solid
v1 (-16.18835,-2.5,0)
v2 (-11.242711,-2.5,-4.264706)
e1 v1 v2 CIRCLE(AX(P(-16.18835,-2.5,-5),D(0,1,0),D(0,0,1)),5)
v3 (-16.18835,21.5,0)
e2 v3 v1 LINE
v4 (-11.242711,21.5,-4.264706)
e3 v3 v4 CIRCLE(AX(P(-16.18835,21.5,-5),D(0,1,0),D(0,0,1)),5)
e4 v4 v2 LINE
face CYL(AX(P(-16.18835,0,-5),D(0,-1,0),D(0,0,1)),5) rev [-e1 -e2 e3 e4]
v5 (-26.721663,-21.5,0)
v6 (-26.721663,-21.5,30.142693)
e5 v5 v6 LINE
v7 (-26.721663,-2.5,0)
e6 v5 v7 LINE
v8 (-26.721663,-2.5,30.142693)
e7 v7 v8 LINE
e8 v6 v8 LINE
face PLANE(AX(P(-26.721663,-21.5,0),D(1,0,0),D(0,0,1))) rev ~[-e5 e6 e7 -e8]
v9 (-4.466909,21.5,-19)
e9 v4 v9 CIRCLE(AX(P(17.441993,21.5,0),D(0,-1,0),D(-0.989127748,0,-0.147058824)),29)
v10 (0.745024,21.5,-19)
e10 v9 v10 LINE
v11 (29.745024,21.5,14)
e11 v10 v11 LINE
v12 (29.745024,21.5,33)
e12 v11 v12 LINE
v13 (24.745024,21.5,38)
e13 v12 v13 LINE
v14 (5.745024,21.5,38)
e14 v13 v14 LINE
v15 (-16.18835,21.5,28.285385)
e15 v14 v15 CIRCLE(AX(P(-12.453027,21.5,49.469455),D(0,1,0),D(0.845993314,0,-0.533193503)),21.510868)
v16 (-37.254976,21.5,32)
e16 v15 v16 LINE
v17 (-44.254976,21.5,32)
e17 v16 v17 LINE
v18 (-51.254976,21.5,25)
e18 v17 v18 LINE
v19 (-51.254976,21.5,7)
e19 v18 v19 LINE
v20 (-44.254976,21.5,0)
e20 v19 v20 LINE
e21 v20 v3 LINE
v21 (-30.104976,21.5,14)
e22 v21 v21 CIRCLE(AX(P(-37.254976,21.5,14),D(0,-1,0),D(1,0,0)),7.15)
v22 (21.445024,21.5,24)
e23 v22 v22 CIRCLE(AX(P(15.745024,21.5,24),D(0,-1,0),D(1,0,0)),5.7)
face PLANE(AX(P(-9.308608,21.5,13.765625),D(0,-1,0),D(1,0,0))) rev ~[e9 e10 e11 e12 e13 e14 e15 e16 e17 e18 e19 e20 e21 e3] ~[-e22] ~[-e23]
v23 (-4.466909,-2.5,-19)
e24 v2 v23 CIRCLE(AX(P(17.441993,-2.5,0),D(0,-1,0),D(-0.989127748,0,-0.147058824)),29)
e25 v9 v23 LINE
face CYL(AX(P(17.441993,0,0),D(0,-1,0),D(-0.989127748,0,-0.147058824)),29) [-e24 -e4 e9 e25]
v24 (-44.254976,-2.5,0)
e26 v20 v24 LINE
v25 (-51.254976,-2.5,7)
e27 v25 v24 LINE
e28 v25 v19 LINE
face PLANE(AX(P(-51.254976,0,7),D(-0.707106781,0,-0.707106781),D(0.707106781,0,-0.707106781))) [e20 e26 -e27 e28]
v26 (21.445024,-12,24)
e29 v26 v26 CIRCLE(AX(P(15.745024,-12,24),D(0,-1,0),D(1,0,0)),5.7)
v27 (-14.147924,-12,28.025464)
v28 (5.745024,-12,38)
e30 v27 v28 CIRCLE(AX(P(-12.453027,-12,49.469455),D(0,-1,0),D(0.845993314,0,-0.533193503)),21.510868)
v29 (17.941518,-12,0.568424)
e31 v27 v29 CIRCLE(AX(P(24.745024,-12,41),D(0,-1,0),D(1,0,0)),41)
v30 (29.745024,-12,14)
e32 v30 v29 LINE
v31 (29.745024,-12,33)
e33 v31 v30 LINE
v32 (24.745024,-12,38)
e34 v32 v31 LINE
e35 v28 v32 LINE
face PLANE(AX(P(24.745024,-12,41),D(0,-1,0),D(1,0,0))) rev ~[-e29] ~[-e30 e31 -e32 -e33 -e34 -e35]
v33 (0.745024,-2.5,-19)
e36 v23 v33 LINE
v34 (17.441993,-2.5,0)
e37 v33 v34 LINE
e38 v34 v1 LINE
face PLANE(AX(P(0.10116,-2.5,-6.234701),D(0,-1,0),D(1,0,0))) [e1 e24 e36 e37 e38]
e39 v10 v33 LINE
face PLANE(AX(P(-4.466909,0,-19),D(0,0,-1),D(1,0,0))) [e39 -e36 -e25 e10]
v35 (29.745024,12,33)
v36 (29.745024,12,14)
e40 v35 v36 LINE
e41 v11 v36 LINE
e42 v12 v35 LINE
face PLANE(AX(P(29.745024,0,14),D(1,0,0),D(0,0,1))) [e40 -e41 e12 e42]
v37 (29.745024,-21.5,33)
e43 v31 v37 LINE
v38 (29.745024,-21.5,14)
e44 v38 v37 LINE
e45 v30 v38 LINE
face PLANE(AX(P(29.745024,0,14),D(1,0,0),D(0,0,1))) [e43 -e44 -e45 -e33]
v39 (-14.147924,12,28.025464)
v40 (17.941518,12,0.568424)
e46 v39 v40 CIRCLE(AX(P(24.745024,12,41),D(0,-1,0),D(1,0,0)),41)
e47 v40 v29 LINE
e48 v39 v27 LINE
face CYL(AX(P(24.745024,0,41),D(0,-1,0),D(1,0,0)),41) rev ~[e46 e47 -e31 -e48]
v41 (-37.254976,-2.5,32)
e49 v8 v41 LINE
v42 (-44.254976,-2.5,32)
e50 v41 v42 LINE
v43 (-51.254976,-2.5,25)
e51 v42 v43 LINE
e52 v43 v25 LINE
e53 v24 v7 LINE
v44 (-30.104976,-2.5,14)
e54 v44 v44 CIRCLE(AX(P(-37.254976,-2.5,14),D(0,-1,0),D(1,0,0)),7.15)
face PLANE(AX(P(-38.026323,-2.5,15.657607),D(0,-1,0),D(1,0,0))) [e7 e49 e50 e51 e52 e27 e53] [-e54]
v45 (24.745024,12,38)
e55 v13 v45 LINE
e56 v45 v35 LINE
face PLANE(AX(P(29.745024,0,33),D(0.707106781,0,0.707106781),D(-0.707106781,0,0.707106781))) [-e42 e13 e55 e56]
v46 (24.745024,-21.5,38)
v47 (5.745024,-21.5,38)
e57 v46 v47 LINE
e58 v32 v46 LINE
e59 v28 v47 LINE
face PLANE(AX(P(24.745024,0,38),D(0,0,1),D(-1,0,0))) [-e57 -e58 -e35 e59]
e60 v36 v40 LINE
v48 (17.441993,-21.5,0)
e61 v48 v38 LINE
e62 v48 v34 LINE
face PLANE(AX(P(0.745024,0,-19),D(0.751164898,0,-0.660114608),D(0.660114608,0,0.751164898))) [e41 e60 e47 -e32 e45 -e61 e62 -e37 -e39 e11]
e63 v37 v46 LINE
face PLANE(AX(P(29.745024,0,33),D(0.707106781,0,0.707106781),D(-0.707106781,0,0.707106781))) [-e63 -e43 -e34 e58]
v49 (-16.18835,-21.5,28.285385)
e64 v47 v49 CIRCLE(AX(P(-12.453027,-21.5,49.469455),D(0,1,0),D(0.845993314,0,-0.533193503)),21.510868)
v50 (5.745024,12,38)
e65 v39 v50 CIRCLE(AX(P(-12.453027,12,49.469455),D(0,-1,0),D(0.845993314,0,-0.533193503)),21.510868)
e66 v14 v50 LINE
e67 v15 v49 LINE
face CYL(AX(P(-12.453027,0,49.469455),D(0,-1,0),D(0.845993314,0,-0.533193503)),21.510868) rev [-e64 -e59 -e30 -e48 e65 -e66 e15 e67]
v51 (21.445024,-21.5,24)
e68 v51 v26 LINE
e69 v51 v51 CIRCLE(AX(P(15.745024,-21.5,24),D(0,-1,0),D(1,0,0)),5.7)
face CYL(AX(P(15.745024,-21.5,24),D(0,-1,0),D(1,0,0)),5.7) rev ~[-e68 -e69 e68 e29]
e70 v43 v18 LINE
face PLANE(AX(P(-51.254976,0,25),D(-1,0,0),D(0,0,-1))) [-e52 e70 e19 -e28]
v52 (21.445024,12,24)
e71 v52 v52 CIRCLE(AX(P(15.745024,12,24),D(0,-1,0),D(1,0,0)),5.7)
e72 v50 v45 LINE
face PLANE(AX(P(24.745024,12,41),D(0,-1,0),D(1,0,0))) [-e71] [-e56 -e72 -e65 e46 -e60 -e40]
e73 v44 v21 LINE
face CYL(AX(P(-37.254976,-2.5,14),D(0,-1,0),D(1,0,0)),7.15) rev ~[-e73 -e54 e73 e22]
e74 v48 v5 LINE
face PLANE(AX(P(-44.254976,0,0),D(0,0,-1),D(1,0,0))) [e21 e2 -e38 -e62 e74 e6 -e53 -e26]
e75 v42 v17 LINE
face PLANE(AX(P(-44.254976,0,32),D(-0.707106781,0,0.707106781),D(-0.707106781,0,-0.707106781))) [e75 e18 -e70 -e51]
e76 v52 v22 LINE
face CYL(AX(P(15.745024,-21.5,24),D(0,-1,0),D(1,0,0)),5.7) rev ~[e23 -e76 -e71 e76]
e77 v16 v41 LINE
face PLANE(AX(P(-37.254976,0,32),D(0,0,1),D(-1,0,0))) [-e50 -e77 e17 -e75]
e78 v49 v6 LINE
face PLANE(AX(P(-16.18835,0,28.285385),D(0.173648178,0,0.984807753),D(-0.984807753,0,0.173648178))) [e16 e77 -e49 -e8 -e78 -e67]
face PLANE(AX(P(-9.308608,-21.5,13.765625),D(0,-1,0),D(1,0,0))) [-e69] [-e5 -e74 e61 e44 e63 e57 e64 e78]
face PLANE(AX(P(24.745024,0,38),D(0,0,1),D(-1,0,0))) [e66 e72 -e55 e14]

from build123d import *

# Parameters (mm, degrees)
F1_DEPTH = 21.5
F3_DEPTH = 19
F4_R     = 41
F5_DEPTH = 12
F6_R     = 5.7
F7_DEPTH = 43.001
F8_R     = 7.15
F9_DEPTH = 24.001


with BuildPart() as f1:
    # F0 (on Front) → F1 (new body, symmetric)
    with BuildSketch(Plane.XZ):
        with BuildLine():
            Line((-51.2549763874, 7), (-44.2549763874, 0))
            Line((-44.2549763874, 0), (-16.1883501321, 0))
            ThreePointArc((-16.1883501321, 0), (-12.923114351, -1.2134137678), (-11.2427113907, -4.2647058824))
            ThreePointArc((-11.2427113907, -4.2647058824), (-8.9058811875, -12.115672061), (-4.4669089907, -19))
            Line((-4.4669089907, -19), (0.7450236126, -19))
            Line((0.7450236126, -19), (29.7450236126, 14))
            Line((29.7450236126, 14), (29.7450236126, 33))
            Line((29.7450236126, 33), (24.7450236126, 38))
            Line((24.7450236126, 38), (5.7450236126, 38))
            ThreePointArc((5.7450236126, 38), (-3.7417667266, 29.8014254338), (-16.1883501321, 28.2853853987))
            Line((-16.1883501321, 28.2853853987), (-37.2549763874, 32))
            Line((-37.2549763874, 32), (-44.2549763874, 32))
            Line((-44.2549763874, 32), (-51.2549763874, 25))
            Line((-51.2549763874, 25), (-51.2549763874, 7))
        make_face()
    extrude(amount=F1_DEPTH, both=True)

    # F2 (on face) → F3 (cut)
    with BuildSketch(Plane.XZ.offset(21.5)):
        Polygon((-26.7216632598, 0), (-26.7216632598, 30.1426926993), (-37.2549763874, 32), (-44.2549763874, 32), (-51.2549763874, 25), (-51.2549763874, 7), (-44.2549763874, 0), align=None)
        with BuildLine():
            Line((17.4419933095, 0), (-16.1883501321, 0))
            ThreePointArc((-16.1883501321, 0), (-12.923114351, -1.2134137678), (-11.2427113907, -4.2647058824))
            ThreePointArc((-11.2427113907, -4.2647058824), (-8.9058811875, -12.115672061), (-4.4669089907, -19))
            Line((-4.4669089907, -19), (0.7450236126, -19))
            Line((0.7450236126, -19), (17.4419933095, 0))
        make_face()
    extrude(amount=-F3_DEPTH, mode=Mode.SUBTRACT)

    # F4 (on Front) → F5 (cut, symmetric)
    with BuildSketch(Plane.XZ):
        with Locations((24.7450236126, 41)):
            Circle(F4_R)
    extrude(amount=F5_DEPTH, both=True, mode=Mode.SUBTRACT)

    # F6 (on face) → F7 (cut, through all)
    with BuildSketch(Plane.XZ.offset(21.5)):
        with Locations((15.7450236126, 24)):
            Circle(F6_R)
    extrude(amount=-F7_DEPTH, mode=Mode.SUBTRACT)

    # F8 (on face) → F9 (cut, through all)
    with BuildSketch(Plane.XZ.offset(2.5)):
        with Locations((-37.2549763874, 14)):
            Circle(F8_R)
    extrude(amount=-F9_DEPTH, mode=Mode.SUBTRACT)


solid = f1.part
